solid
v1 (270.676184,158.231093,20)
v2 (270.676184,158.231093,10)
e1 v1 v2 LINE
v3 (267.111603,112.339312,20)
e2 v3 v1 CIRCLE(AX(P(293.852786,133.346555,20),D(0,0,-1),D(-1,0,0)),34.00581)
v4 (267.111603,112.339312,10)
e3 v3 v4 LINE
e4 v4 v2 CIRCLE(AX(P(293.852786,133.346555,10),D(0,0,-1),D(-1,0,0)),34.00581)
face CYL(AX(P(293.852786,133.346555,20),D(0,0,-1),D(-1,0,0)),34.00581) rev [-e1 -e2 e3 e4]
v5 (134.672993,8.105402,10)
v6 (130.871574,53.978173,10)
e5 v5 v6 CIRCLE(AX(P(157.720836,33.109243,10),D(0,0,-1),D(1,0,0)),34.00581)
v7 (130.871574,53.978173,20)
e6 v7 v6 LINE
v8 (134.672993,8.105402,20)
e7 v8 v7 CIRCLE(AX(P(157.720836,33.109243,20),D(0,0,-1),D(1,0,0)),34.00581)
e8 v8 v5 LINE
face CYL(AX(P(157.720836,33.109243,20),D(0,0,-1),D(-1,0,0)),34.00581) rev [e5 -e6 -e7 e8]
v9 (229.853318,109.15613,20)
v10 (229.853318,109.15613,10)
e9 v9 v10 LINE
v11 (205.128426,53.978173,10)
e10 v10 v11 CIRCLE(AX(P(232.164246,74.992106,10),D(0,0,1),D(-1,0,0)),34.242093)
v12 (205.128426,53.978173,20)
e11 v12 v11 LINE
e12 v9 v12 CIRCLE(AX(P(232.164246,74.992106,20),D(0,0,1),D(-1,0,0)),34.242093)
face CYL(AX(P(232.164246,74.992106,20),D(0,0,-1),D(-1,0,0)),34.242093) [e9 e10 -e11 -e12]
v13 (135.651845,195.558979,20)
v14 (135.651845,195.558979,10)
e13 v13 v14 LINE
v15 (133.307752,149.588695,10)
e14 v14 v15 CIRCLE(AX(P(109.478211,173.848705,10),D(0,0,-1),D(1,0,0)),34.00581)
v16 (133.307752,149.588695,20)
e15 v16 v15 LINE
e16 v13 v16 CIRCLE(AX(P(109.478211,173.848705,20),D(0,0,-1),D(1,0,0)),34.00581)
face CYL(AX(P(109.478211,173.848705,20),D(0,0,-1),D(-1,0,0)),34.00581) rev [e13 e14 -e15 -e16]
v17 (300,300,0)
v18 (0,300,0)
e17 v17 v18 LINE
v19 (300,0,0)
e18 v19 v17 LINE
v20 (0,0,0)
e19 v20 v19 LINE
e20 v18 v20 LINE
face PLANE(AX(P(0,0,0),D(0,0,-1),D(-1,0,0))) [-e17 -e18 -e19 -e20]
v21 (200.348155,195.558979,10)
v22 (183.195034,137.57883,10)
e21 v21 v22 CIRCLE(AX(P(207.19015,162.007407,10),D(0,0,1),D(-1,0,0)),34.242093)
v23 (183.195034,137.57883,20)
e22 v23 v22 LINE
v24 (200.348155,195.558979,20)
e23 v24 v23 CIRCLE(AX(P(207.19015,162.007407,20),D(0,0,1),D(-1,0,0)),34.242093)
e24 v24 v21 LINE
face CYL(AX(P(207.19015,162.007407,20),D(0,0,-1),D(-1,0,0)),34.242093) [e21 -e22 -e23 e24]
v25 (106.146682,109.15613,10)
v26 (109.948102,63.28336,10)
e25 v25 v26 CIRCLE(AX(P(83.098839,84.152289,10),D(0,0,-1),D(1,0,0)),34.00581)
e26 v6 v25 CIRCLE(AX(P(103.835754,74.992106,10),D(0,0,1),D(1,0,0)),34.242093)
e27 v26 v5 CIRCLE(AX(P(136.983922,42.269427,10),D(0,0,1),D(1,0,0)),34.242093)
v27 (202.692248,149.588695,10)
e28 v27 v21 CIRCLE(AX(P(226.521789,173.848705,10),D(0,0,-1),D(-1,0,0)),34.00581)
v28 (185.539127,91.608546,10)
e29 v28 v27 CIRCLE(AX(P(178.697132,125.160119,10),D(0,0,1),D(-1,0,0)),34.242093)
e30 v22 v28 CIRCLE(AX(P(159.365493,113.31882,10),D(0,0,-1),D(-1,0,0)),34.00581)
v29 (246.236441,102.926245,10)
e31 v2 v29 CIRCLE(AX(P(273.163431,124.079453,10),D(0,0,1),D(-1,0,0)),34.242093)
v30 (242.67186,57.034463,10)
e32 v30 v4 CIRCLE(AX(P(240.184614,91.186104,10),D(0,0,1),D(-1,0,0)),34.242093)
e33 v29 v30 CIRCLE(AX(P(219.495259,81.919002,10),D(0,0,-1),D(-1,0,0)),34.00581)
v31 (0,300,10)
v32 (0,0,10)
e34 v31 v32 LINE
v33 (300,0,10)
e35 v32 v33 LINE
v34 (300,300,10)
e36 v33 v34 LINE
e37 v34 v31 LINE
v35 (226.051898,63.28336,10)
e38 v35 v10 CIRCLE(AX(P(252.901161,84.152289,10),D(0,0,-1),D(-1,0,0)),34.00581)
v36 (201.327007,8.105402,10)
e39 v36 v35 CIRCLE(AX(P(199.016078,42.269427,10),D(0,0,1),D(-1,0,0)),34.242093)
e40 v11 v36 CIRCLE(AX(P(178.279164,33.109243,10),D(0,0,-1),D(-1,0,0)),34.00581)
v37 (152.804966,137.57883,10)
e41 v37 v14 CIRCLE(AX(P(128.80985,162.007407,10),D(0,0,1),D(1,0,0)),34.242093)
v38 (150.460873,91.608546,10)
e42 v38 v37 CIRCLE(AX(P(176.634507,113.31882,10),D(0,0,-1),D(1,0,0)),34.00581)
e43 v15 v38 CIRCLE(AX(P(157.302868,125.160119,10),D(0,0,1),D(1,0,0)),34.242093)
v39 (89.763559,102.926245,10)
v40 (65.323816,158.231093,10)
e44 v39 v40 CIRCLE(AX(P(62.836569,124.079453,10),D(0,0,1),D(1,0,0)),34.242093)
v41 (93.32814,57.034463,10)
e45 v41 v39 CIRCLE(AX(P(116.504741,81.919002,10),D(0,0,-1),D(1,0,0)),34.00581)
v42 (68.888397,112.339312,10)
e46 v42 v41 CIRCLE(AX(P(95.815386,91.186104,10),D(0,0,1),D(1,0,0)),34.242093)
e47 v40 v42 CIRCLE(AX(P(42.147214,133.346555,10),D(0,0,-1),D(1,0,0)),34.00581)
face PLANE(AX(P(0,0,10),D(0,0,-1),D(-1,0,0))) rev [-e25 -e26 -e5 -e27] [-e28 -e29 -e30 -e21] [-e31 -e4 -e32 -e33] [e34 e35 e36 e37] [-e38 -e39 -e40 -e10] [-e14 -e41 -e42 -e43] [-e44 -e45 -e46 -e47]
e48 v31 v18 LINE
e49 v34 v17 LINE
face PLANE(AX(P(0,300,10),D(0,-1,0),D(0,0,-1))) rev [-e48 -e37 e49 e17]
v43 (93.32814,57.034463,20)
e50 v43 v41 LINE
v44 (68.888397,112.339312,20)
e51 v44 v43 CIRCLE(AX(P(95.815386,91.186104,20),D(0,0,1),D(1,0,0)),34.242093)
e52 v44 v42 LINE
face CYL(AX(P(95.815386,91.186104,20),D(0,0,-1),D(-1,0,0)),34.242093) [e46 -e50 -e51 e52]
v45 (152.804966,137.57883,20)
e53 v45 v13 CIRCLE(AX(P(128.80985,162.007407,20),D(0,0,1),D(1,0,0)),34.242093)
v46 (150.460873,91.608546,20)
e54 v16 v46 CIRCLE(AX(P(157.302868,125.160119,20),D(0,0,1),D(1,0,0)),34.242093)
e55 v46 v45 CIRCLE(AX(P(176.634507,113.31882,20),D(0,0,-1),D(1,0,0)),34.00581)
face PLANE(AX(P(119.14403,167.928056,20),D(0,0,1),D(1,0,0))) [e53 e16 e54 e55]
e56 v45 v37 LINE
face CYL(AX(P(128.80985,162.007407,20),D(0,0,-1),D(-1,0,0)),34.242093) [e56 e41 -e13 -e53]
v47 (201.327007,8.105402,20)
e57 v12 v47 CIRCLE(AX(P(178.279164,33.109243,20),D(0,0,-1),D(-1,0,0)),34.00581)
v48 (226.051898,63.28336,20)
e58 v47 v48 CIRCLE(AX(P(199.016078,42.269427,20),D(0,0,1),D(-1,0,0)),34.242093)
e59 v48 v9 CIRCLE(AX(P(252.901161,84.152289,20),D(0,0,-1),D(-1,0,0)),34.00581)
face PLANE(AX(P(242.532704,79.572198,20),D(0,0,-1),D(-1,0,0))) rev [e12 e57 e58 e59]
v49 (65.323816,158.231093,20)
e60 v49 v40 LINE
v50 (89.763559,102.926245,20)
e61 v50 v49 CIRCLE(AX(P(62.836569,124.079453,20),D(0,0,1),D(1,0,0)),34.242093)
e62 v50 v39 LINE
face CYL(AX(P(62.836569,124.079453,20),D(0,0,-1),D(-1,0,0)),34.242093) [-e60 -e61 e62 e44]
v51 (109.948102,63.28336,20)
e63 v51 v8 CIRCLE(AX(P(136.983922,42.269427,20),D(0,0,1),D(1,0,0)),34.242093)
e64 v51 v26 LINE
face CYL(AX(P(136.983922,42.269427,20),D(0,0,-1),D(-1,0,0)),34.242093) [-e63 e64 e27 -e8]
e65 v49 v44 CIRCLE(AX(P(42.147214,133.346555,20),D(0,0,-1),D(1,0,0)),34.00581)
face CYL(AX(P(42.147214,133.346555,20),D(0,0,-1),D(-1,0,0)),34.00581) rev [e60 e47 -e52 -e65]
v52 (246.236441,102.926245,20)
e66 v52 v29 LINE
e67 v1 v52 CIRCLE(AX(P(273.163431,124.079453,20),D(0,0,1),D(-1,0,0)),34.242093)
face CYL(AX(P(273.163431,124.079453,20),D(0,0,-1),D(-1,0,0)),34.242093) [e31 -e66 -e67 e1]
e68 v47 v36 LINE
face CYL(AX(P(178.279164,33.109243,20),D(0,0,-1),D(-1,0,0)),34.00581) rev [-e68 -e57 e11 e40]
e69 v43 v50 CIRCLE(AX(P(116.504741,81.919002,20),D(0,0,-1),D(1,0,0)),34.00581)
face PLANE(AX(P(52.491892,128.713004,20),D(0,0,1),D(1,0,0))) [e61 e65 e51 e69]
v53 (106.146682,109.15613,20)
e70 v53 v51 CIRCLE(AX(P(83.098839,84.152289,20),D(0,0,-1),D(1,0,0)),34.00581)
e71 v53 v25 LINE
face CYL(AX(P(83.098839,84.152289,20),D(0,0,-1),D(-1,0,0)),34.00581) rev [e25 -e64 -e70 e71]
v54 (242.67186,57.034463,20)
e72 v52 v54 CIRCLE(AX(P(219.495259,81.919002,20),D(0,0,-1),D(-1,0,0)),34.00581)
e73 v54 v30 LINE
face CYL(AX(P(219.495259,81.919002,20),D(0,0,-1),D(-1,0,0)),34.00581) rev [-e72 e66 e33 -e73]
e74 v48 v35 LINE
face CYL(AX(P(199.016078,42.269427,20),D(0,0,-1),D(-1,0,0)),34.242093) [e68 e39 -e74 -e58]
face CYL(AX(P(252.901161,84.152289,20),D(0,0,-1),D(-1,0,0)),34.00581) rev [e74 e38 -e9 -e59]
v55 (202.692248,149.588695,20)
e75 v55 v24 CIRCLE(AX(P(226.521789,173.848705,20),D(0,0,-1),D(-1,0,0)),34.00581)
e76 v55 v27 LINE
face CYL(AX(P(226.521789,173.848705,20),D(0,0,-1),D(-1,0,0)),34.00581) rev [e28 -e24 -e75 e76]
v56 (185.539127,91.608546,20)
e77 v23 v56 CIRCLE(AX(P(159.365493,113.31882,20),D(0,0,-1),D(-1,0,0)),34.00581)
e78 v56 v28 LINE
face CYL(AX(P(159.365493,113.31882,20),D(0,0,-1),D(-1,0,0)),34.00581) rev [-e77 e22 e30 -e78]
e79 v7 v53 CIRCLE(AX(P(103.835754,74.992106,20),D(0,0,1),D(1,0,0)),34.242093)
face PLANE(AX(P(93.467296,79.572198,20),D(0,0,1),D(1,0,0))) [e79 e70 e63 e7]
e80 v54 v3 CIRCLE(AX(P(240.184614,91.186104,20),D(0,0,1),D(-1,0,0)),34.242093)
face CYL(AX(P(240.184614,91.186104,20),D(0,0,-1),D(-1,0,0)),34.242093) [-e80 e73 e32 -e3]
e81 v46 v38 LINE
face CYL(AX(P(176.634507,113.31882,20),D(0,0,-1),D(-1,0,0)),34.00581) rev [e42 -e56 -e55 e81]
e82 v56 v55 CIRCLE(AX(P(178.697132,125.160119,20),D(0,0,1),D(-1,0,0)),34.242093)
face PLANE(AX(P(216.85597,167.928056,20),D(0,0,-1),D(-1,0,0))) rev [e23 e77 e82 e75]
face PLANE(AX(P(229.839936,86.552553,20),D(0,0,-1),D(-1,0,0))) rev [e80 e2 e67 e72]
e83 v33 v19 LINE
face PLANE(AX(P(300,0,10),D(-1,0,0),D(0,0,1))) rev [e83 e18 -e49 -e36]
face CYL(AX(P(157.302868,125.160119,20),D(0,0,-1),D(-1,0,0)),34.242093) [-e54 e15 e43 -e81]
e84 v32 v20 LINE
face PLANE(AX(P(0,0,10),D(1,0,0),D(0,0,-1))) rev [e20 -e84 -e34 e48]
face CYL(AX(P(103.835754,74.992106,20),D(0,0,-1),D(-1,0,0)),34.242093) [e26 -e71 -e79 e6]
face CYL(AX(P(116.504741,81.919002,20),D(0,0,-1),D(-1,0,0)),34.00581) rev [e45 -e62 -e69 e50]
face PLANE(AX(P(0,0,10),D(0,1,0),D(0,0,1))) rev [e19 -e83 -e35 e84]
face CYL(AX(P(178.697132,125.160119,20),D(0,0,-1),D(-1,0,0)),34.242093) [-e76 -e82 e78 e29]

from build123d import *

# Parameters (mm, degrees)
SKICA1_W                = 300
SKICA1_H                = 300
P_IDAT_VYSUNUT_M1_DEPTH = 10
P_IDAT_VYSUNUT_M3_DEPTH = 10


with BuildPart() as part:
    # Skica1 → Přidat vysunutím1 (new body)
    with BuildSketch(Plane.XY):
        with Locations((150, 150)):
            Rectangle(SKICA1_W, SKICA1_H)
    extrude(amount=P_IDAT_VYSUNUT_M1_DEPTH)

    # Skica3 → Přidat vysunutím3 (add)
    with BuildSketch(Plane.XY.offset(10)):
        with BuildLine():
            ThreePointArc((68.888397272, 112.33931183), (64.495171116, 77.345400758), (93.328139617, 57.034463419))
            ThreePointArc((93.328139617, 57.034463419), (82.601051267, 79.285579191), (89.763558517, 102.926244737))
            ThreePointArc((89.763558517, 102.926244737), (94.156784672, 137.920155809), (65.323816172, 158.231093148))
            ThreePointArc((65.323816172, 158.231093148), (76.050904522, 135.979977376), (68.888397272, 112.33931183))
        make_face()
        with BuildLine():
            ThreePointArc((109.948101695, 63.283359984), (105.735567111, 28.267237976), (134.672993338, 8.105402458))
            ThreePointArc((134.672993338, 8.105402458), (123.831191153, 30.300850255), (130.871573598, 53.978172582))
            ThreePointArc((130.871573598, 53.978172582), (135.084108182, 88.994294591), (106.146681955, 109.156130109))
            ThreePointArc((106.146681955, 109.156130109), (116.98848414, 86.960682312), (109.948101695, 63.283359984))
        make_face()
        with BuildLine():
            ThreePointArc((133.307752162, 149.58869496), (124.467578103, 115.44597142), (150.460873085, 91.608545718))
            ThreePointArc((150.460873085, 91.608545718), (142.672820518, 115.050576661), (152.804965779, 137.578830254))
            ThreePointArc((152.804965779, 137.578830254), (161.645139837, 171.721553795), (135.651844855, 195.558979497))
            ThreePointArc((135.651844855, 195.558979497), (143.439897423, 172.116948553), (133.307752162, 149.58869496))
        make_face()
        with BuildLine():
            ThreePointArc((246.236441483, 102.926244737), (241.843215328, 137.920155809), (270.676183828, 158.231093148))
            ThreePointArc((270.676183828, 158.231093148), (259.949095478, 135.979977376), (267.111602728, 112.33931183))
            ThreePointArc((267.111602728, 112.33931183), (271.504828884, 77.345400758), (242.671860383, 57.034463419))
            ThreePointArc((242.671860383, 57.034463419), (253.398948733, 79.285579191), (246.236441483, 102.926244737))
        make_face()
        with BuildLine():
            ThreePointArc((226.051898305, 63.283359984), (230.264432889, 28.267237976), (201.327006662, 8.105402458))
            ThreePointArc((201.327006662, 8.105402458), (212.168808847, 30.300850255), (205.128426402, 53.978172582))
            ThreePointArc((205.128426402, 53.978172582), (200.915891818, 88.994294591), (229.853318045, 109.156130109))
            ThreePointArc((229.853318045, 109.156130109), (219.01151586, 86.960682312), (226.051898305, 63.283359984))
        make_face()
        with BuildLine():
            ThreePointArc((202.692247838, 149.58869496), (211.532421897, 115.44597142), (185.539126915, 91.608545718))
            ThreePointArc((185.539126915, 91.608545718), (193.327179482, 115.050576661), (183.195034221, 137.578830254))
            ThreePointArc((183.195034221, 137.578830254), (174.354860163, 171.721553795), (200.348155145, 195.558979497))
            ThreePointArc((200.348155145, 195.558979497), (192.560102577, 172.116948553), (202.692247838, 149.58869496))
        make_face()
    extrude(amount=P_IDAT_VYSUNUT_M3_DEPTH)


solid = part.part
